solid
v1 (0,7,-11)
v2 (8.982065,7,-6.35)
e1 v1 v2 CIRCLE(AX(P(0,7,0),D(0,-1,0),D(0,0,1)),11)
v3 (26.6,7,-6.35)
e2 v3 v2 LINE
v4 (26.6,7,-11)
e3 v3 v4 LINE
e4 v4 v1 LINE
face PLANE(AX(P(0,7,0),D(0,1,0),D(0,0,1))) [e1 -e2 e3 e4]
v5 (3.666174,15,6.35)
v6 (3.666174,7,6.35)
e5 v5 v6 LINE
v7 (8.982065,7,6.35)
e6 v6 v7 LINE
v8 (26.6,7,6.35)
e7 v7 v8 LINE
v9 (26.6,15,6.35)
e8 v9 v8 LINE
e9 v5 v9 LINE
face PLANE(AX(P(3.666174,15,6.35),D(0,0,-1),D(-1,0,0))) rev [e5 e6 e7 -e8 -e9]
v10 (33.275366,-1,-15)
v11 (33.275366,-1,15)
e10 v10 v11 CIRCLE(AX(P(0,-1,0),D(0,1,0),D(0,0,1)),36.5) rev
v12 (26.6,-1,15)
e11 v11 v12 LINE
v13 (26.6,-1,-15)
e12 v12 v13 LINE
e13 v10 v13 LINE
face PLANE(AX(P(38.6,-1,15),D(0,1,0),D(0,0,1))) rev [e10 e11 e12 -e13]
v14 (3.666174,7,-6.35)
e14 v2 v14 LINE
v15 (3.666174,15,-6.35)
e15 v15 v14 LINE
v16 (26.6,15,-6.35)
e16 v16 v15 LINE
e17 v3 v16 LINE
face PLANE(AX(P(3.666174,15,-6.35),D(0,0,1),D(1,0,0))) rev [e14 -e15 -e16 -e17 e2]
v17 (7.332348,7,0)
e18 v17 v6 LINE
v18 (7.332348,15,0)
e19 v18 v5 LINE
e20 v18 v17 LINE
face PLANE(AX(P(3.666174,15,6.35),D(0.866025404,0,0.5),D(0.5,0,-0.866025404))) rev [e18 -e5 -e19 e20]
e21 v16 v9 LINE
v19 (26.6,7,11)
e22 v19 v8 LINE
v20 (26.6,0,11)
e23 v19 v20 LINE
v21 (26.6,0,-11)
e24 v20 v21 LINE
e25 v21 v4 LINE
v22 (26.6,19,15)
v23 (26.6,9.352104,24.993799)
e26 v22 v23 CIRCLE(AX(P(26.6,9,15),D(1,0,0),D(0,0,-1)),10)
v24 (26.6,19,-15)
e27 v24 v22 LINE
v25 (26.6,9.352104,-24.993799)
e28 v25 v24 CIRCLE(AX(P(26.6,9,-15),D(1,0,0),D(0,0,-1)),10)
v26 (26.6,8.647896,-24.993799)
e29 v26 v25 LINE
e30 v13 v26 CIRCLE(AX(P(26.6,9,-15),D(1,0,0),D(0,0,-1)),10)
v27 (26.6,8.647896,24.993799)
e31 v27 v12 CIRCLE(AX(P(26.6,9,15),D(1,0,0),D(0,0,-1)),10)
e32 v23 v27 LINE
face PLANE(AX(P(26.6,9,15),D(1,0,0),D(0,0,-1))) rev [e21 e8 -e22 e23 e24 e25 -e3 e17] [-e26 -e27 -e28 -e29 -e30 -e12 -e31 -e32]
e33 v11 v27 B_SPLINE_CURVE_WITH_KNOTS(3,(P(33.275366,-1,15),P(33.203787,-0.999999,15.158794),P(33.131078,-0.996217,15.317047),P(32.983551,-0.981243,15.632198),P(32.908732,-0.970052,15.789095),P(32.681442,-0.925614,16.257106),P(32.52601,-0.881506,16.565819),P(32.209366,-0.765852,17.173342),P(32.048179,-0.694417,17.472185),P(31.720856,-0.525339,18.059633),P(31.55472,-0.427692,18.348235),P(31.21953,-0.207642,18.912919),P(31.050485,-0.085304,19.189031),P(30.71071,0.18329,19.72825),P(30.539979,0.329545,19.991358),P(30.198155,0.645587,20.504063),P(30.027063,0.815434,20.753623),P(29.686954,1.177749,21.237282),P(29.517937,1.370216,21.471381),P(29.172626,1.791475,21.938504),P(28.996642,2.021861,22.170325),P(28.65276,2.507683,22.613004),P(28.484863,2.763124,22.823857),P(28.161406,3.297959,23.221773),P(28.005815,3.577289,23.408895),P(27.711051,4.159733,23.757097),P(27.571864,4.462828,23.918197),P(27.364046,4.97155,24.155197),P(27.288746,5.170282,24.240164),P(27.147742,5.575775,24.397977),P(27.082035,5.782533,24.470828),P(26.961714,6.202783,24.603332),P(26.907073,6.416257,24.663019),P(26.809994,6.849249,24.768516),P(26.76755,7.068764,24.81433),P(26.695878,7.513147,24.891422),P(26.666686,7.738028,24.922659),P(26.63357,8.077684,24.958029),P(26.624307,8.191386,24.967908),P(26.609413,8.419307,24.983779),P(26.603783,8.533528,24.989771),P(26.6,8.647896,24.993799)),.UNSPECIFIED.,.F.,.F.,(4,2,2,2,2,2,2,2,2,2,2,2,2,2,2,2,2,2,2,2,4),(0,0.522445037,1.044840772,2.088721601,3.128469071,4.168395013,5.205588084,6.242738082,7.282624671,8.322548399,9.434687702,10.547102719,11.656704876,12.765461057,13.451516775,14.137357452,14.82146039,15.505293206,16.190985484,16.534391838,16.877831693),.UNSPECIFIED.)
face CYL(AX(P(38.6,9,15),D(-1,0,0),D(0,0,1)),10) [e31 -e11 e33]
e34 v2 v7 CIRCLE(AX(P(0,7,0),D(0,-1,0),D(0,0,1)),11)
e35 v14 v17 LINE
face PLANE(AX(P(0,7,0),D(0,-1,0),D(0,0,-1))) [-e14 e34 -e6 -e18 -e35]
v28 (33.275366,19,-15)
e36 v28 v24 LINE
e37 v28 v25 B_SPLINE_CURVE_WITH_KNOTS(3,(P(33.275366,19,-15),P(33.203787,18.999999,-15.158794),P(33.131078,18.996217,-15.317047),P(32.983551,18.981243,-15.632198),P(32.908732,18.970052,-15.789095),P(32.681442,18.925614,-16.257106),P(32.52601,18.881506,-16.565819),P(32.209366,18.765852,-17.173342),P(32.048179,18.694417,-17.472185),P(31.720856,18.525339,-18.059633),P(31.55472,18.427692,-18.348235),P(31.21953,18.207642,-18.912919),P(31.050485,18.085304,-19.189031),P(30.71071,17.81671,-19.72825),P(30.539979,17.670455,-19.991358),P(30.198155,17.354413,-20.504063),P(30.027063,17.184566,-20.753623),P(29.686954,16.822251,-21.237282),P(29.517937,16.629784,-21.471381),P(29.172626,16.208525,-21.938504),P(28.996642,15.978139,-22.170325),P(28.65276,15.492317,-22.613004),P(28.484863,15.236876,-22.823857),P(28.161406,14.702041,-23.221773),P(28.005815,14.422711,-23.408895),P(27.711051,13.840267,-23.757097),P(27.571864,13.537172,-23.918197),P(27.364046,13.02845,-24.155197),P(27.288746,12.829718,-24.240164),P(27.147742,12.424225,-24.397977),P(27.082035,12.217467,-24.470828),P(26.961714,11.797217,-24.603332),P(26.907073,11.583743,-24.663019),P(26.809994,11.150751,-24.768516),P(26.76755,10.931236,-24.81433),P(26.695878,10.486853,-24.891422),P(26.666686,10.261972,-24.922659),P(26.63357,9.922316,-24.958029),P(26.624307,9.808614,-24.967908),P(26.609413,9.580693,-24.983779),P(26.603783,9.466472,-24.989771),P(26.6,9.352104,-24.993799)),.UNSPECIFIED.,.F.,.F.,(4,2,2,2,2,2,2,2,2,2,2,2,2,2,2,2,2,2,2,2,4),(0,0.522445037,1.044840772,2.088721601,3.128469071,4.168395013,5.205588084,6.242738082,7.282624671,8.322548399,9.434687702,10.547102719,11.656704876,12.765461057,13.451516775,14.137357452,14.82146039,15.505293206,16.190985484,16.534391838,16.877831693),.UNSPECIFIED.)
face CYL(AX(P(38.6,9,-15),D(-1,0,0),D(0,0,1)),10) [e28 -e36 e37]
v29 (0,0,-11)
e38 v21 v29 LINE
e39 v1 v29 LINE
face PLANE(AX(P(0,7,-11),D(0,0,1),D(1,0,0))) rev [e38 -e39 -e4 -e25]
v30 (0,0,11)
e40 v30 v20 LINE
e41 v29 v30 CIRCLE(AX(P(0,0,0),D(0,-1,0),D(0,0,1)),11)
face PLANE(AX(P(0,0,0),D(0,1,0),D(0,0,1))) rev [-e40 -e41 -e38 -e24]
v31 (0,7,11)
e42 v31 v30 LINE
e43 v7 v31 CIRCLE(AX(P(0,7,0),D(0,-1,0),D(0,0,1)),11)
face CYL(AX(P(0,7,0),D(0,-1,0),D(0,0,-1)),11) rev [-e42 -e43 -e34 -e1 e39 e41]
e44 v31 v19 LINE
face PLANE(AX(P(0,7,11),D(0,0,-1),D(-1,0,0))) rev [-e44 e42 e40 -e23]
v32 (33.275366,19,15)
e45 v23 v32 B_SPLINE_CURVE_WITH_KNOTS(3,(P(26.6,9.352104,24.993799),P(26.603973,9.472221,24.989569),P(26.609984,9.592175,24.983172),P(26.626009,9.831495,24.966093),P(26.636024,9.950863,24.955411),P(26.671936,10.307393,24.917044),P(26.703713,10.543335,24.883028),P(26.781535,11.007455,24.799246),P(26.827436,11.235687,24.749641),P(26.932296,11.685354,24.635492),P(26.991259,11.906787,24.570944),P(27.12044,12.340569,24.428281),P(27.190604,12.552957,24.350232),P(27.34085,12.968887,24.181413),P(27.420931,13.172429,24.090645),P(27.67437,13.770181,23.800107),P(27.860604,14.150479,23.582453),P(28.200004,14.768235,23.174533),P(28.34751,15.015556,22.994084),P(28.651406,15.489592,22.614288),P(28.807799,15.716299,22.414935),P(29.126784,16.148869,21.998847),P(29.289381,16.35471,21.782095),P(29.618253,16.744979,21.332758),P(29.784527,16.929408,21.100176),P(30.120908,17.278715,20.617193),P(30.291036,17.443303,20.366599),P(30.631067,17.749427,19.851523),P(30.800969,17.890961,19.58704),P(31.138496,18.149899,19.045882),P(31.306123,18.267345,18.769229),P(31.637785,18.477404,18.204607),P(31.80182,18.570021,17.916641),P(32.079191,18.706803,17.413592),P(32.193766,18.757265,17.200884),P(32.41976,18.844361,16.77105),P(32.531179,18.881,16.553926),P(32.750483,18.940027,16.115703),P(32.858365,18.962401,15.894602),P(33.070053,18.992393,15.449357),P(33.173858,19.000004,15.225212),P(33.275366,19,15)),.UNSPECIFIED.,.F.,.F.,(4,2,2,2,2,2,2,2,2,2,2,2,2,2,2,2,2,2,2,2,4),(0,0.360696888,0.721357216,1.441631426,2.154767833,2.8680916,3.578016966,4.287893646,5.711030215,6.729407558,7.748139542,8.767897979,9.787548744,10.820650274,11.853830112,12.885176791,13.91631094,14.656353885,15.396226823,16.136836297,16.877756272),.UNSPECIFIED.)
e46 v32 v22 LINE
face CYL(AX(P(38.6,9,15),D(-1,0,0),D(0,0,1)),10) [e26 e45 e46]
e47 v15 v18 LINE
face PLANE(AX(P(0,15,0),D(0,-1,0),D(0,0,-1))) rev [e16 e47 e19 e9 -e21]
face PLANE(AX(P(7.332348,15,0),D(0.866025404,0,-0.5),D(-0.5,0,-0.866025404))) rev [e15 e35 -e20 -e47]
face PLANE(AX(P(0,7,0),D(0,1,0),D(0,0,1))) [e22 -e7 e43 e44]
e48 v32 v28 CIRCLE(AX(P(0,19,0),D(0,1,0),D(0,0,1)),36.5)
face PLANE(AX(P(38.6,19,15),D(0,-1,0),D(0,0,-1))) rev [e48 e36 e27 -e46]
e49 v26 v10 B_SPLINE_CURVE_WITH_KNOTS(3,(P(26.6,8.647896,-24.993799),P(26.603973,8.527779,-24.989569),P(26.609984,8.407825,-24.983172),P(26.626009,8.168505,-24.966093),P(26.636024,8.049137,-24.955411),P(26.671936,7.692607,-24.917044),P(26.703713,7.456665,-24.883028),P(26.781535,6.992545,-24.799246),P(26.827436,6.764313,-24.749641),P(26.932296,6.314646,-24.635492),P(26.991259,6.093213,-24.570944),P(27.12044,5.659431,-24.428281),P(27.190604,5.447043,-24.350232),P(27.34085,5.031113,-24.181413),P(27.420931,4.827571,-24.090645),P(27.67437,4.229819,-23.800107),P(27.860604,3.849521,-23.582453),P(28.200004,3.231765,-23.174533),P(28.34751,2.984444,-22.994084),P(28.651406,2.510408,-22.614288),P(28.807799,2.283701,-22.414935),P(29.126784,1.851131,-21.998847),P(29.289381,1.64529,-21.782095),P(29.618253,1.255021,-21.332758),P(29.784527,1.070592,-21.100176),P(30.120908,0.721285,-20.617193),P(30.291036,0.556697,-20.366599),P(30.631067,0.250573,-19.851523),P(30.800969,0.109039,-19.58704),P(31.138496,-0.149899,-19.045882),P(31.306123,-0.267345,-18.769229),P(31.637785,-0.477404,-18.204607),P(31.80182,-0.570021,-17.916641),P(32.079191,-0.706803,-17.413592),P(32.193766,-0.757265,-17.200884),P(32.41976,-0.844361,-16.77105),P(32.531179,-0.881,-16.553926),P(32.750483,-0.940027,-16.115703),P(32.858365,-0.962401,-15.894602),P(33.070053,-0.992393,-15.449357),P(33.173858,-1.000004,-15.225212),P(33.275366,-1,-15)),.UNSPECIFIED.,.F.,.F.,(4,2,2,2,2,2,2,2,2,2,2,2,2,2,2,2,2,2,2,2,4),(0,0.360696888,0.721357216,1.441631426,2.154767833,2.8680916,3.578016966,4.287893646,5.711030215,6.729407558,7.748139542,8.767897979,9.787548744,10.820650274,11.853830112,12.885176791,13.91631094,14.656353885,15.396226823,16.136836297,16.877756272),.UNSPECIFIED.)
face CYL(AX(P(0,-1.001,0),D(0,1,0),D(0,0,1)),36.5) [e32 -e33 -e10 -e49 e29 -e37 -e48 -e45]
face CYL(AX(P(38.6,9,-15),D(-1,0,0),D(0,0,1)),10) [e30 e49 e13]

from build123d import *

# Parameters (mm, degrees)
BOSS_EXTRUDE1_DEPTH = 7
BOSS_EXTRUDE2_DEPTH = 8
BOSS_EXTRUDE3_DEPTH = 12
CUT_EXTRUDE1_REACH  = 52.149
SKETCH4_R           = 50
SKETCH4_R_2         = 36.5


with BuildPart() as part:
    # Sketch1 → Boss-Extrude1 (new body)
    with BuildSketch(Plane(origin=(0, 0, 0), x_dir=(1, 0, 0), z_dir=(0, 1, 0))):
        with BuildLine():
            Line((0, 11), (34.803017111, 11))
            ThreePointArc((34.803017111, 11), (36.5, 0), (34.803017111, -11))
            Line((34.803017111, -11), (0, -11))
            ThreePointArc((0, -11), (11, 0), (0, 11))
        make_face()
    extrude(amount=BOSS_EXTRUDE1_DEPTH)

    # Sketch2 → Boss-Extrude2 (add)
    with BuildSketch(Plane(origin=(0, 7, 0), x_dir=(1, 0, 0), z_dir=(0, 1, 0))):
        with BuildLine():
            Line((3.666174209, 6.35), (35.943392995, 6.35))
            ThreePointArc((35.943392995, 6.35), (36.5, 0), (35.943392995, -6.35))
            Line((35.943392995, -6.35), (3.666174209, -6.35))
            Line((3.666174209, -6.35), (7.332348419, 0))
            Line((7.332348419, 0), (3.666174209, 6.35))
        make_face()
    extrude(amount=BOSS_EXTRUDE2_DEPTH)

    # Sketch3 → Boss-Extrude3 (add)
    with BuildSketch(Plane(origin=(26.6, 0, 0), x_dir=(0, 0, -1), z_dir=(1, 0, 0))):
        with BuildLine():
            Line((-15, -1), (15, -1))
            ThreePointArc((15, -1), (25, 9), (15, 19))
            Line((15, 19), (-15, 19))
            ThreePointArc((-15, 19), (-25, 9), (-15, -1))
        make_face()
    extrude(amount=BOSS_EXTRUDE3_DEPTH)

    # Sketch4 → Cut-Extrude1 (cut, up to next)
    with BuildSketch(Plane(origin=(0, 19, 0), x_dir=(1, 0, 0), z_dir=(0, 1, 0)), mode=Mode.PRIVATE) as cut_extrude1_sk1:
        Circle(SKETCH4_R)
        Circle(SKETCH4_R_2, mode=Mode.SUBTRACT)
    cut_extrude1_tool1 = extrude(cut_extrude1_sk1.sketch, amount=-CUT_EXTRUDE1_REACH, mode=Mode.PRIVATE) & part.part
    add(cut_extrude1_tool1.solids().sort_by_distance((-48.585786, 19, 0))[0], mode=Mode.SUBTRACT)


solid = part.part
